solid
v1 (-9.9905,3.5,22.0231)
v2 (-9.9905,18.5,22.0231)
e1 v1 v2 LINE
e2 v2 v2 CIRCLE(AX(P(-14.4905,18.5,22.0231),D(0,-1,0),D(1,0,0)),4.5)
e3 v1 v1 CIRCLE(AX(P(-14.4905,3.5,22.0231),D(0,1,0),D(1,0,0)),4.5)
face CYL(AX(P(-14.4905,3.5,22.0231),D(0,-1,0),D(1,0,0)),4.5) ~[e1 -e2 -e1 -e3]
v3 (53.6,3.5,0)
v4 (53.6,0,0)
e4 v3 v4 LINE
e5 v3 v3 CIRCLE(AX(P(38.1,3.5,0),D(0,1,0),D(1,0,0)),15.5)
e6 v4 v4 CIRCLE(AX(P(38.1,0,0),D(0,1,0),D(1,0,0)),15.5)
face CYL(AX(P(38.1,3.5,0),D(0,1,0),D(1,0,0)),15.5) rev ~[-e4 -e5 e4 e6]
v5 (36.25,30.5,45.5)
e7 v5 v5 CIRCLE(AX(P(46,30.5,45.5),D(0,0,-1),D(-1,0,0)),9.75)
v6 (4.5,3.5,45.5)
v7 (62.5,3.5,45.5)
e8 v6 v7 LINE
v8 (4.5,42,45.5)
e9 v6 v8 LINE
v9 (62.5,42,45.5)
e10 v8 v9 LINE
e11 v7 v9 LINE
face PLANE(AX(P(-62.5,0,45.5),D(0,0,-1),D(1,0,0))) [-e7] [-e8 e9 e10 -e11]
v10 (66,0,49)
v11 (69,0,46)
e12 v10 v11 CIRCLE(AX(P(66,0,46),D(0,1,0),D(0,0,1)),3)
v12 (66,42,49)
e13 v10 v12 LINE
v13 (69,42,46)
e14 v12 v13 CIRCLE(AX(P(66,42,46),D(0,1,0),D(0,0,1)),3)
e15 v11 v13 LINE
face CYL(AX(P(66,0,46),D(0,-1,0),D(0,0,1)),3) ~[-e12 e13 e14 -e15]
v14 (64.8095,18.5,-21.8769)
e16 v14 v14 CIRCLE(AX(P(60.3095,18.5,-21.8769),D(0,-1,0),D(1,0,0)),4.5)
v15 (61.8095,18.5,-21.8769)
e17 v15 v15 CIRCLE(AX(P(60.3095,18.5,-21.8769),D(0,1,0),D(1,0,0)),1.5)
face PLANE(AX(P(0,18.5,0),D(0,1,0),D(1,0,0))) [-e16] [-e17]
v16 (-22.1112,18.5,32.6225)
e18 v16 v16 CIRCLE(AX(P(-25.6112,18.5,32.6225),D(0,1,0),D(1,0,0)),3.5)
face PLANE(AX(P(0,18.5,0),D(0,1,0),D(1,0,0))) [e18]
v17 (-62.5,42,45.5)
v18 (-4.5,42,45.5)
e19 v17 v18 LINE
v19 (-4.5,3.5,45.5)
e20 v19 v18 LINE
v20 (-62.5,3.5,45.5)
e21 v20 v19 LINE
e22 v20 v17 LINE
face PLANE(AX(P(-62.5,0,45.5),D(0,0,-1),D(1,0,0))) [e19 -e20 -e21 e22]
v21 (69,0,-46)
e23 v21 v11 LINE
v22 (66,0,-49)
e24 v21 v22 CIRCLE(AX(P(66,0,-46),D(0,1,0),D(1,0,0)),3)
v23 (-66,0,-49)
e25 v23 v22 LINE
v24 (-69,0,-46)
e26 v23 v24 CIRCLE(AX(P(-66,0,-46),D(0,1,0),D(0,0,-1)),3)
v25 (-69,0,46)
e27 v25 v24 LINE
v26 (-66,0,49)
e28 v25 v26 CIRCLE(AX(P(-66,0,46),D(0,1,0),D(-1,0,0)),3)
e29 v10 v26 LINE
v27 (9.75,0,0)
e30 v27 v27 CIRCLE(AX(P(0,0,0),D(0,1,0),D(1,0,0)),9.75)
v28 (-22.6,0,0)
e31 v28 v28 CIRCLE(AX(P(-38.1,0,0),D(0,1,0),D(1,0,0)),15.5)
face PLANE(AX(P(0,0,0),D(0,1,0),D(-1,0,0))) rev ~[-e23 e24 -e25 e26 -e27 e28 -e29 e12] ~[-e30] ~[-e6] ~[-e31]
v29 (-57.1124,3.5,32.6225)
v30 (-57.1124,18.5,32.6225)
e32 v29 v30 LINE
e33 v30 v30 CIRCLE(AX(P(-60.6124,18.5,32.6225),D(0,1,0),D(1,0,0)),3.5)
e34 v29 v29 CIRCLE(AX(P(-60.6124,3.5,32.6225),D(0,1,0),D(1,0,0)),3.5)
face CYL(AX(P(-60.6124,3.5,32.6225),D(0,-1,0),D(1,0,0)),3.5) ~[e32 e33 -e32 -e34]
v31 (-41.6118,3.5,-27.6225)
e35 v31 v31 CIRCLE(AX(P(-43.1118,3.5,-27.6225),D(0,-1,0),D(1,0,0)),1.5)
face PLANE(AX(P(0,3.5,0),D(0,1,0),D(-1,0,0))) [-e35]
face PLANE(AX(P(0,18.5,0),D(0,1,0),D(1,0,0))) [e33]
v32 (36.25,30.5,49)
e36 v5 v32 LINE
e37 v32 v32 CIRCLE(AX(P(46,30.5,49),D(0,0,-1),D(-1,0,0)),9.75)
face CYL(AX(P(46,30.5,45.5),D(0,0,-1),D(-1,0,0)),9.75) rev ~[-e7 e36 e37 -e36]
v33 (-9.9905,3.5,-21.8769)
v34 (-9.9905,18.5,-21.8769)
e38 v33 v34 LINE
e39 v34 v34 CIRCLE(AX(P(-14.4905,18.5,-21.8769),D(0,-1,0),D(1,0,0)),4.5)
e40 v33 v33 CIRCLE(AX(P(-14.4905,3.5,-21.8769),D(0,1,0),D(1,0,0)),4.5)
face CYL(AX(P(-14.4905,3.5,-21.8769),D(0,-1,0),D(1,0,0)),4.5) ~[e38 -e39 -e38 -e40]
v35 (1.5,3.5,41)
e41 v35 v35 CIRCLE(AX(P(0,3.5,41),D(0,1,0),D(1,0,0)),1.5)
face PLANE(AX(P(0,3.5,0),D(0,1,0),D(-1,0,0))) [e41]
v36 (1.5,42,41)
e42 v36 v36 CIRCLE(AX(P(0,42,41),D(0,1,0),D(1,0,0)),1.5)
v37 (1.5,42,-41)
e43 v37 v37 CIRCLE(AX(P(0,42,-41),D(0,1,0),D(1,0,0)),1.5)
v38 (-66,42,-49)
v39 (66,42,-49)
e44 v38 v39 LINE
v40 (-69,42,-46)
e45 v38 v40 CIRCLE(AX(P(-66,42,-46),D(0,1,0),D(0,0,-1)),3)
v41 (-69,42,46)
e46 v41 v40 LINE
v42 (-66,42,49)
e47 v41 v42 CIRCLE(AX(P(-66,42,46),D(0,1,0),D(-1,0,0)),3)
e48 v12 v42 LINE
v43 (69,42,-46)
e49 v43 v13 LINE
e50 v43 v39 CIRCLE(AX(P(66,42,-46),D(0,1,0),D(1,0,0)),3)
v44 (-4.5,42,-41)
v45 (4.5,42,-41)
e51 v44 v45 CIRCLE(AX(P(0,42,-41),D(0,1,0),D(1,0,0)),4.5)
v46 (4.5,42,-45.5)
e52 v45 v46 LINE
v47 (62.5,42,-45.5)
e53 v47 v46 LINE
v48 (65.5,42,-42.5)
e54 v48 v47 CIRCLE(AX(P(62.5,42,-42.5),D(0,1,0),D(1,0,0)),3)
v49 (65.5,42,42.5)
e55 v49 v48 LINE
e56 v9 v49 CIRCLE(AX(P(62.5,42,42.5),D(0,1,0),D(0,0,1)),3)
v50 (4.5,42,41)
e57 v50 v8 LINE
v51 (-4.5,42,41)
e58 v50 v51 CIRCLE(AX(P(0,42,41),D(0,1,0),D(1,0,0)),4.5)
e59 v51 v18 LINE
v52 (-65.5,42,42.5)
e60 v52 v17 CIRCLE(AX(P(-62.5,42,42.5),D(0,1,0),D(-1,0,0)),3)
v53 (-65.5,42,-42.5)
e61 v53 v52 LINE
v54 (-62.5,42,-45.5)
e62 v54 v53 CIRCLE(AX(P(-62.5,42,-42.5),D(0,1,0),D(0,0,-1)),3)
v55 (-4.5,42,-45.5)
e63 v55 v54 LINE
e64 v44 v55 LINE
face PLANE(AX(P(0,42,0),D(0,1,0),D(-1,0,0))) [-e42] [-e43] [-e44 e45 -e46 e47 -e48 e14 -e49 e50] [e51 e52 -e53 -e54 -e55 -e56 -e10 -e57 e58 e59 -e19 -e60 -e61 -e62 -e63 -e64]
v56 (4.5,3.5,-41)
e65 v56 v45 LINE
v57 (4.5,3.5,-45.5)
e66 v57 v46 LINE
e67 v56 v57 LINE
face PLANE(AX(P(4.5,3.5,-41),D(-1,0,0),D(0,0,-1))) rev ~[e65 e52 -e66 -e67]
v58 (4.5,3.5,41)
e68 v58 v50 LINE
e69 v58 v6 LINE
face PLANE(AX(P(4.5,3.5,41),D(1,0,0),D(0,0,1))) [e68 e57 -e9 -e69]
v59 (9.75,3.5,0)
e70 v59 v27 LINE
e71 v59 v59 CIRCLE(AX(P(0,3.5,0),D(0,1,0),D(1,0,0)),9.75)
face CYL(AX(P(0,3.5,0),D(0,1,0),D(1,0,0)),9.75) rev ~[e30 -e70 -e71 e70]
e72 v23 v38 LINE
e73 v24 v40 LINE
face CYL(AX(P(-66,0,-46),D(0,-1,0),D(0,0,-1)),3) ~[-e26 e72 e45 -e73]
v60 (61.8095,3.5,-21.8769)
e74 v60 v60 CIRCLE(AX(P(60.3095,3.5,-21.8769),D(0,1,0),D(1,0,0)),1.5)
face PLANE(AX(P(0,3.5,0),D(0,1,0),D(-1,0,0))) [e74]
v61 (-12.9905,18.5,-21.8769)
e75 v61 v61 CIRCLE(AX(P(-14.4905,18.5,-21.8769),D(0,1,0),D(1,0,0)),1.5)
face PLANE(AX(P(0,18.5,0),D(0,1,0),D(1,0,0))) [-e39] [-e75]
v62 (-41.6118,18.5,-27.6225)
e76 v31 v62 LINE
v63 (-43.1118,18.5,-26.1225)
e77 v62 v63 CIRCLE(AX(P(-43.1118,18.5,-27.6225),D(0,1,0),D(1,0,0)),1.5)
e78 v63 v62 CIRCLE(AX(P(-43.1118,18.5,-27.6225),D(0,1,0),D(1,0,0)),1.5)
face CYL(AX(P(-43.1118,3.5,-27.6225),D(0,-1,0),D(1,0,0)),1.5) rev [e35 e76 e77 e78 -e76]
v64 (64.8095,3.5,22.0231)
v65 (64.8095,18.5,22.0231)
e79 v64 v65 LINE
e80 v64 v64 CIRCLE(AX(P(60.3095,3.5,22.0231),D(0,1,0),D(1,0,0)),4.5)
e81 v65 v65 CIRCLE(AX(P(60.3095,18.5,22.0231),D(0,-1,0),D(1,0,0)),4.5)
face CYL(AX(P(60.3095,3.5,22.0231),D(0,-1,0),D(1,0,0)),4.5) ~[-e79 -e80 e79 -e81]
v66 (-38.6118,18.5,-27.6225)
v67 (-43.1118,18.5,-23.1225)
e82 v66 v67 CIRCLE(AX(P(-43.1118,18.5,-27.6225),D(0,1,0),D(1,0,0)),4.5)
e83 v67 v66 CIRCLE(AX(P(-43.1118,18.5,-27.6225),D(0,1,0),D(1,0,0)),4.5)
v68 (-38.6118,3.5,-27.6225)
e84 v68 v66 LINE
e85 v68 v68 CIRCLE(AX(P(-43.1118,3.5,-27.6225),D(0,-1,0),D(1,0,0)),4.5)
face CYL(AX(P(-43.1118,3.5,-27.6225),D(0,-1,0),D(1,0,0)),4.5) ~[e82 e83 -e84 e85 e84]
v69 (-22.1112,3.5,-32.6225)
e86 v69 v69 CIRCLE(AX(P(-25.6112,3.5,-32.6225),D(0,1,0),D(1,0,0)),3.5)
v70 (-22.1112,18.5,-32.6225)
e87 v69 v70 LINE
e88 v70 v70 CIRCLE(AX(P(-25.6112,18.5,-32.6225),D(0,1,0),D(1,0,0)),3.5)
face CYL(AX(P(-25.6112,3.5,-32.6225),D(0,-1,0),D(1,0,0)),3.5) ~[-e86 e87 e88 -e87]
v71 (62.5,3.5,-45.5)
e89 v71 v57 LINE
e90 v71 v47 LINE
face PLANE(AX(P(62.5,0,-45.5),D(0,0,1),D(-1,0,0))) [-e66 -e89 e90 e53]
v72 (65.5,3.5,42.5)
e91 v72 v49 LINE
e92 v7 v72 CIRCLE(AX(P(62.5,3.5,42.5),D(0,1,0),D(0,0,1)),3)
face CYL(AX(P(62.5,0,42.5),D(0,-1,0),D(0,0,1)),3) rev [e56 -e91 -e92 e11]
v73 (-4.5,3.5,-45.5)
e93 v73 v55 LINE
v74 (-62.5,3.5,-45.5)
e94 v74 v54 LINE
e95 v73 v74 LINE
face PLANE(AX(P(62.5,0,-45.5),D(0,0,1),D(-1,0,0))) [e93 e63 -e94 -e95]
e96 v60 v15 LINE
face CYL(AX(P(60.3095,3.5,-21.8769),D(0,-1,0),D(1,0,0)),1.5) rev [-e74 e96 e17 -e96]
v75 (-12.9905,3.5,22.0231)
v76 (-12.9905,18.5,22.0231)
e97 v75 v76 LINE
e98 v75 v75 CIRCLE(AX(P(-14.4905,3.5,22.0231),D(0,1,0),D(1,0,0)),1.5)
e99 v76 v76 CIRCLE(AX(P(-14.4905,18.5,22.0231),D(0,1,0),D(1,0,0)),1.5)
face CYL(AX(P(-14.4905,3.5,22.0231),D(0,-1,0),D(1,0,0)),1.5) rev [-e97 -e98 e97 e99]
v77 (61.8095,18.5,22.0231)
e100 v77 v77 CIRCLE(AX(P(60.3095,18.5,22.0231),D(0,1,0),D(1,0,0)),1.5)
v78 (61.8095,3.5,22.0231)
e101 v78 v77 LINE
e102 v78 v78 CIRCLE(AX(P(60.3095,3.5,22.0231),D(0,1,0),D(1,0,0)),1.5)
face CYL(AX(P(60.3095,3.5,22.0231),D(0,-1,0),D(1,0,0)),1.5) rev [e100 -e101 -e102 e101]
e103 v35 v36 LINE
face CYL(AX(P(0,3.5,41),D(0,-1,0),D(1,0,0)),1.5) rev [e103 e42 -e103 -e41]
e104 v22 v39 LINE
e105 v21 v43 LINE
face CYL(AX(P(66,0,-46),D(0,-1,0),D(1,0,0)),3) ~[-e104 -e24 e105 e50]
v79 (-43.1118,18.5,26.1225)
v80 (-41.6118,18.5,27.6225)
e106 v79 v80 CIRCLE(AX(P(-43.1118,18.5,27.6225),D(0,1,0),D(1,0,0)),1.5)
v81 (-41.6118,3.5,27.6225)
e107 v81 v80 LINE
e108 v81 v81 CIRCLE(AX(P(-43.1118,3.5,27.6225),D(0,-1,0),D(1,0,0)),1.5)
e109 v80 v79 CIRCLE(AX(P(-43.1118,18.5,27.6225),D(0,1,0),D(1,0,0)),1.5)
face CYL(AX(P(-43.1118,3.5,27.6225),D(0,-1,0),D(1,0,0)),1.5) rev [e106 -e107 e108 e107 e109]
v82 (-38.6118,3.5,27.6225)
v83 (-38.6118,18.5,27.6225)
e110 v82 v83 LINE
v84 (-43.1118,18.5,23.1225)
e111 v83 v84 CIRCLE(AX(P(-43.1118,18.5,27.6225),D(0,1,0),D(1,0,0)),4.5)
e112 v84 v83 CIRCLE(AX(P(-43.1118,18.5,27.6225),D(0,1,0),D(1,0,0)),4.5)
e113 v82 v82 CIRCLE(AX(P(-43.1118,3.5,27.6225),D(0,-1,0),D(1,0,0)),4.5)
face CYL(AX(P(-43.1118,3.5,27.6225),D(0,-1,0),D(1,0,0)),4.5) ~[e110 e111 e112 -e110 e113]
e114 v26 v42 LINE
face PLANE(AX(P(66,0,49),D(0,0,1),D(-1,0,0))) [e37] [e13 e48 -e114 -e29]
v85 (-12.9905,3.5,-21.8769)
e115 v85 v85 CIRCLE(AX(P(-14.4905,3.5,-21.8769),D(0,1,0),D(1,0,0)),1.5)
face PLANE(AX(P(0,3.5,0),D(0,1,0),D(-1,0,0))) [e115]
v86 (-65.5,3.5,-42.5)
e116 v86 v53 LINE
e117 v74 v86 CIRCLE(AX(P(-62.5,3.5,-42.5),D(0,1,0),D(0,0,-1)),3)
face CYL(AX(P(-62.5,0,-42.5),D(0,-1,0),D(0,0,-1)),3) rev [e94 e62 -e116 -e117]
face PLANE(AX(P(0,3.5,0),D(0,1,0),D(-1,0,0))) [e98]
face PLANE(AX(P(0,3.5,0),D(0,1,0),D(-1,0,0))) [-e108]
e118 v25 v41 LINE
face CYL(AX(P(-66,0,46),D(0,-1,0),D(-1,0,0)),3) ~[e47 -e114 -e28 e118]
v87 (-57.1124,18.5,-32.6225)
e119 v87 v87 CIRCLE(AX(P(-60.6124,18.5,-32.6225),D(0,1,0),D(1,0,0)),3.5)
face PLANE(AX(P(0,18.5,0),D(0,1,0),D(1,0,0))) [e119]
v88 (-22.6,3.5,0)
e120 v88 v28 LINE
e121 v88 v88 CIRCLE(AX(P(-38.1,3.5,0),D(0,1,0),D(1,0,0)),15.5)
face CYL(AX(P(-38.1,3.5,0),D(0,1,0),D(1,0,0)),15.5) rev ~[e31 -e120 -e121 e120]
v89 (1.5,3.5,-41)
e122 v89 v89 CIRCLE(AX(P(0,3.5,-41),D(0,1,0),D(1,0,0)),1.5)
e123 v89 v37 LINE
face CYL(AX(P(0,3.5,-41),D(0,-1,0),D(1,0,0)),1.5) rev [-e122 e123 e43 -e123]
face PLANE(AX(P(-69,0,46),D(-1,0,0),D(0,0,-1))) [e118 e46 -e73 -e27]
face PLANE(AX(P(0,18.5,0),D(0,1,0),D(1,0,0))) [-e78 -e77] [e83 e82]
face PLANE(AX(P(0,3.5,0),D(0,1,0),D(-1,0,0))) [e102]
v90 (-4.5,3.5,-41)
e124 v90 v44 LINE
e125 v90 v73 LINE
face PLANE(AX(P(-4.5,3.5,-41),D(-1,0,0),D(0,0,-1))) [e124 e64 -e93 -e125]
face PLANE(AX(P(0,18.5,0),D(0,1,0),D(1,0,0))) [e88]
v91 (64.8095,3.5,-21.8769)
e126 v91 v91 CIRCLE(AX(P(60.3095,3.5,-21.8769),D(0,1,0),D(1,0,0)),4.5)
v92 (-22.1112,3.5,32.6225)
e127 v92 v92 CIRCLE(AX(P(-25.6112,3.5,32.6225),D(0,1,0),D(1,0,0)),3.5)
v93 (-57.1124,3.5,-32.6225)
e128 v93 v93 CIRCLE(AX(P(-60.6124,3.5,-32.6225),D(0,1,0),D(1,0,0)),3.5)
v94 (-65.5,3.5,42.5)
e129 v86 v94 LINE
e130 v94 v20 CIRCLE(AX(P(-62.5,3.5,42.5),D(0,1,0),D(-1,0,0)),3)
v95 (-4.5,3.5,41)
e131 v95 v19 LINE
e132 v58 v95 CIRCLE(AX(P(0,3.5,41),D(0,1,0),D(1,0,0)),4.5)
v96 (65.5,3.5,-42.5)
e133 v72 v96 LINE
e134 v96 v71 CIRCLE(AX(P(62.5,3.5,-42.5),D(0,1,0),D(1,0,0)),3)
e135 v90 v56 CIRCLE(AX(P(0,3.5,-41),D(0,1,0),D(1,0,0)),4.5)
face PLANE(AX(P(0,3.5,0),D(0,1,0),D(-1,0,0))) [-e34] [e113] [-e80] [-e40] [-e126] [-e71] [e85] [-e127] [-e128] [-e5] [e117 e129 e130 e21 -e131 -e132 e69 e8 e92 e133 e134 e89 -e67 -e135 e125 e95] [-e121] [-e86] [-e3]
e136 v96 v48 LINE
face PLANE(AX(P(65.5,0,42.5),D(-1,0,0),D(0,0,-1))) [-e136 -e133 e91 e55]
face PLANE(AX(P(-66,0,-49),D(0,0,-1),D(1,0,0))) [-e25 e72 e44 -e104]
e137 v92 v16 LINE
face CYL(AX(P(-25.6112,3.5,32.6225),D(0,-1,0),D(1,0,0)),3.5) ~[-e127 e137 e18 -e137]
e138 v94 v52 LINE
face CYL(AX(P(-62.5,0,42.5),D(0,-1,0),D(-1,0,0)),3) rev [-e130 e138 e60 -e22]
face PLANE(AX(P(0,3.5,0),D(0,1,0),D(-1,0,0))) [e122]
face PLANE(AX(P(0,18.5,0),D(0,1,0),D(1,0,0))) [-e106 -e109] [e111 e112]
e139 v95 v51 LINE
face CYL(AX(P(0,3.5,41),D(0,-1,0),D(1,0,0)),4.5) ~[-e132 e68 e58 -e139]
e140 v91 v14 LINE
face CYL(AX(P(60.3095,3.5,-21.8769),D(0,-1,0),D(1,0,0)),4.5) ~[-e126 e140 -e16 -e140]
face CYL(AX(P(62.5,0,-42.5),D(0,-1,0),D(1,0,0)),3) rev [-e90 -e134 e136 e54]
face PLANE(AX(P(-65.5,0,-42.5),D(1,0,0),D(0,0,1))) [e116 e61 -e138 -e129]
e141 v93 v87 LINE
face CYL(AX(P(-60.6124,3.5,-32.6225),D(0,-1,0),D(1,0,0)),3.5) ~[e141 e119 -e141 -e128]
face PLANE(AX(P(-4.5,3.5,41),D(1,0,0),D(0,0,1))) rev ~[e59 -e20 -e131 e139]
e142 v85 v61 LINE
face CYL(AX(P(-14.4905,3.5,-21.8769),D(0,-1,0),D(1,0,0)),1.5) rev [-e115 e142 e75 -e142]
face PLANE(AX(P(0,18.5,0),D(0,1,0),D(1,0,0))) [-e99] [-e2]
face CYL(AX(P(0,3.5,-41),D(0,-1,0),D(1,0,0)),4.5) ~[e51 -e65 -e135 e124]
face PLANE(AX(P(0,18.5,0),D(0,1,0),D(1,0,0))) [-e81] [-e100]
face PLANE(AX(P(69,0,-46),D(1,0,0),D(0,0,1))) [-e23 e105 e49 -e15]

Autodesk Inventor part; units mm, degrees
ref_plane "YZ Plane" through (0, 0, 0) normal (1, 0, 0) x (0, 1, 0)
ref_plane "XZ Plane" through (0, 0, 0) normal (0, 1, 0) x (-1, 0, 0)
sketch "Sketch1" plane through (0, 0, 0) normal (0, 1, 0) x (-1, 0, 0)
  line L0 (-66, 49) -> (66, 49)
  line L1 (69, 46) -> (69, -46)
  line L2 (66, -49) -> (-66, -49)
  line L3 (-69, -46) -> (-69, 46)
  line L4 (-69, 49) -> (69, -49) construction
  line L5 (69, 49) -> (-69, -49) construction
  arc A0 (69, 46) -> (66, 49) centre (66, 46) ccw
  arc A1 (-66, 49) -> (-69, 46) centre (-66, 46) ccw
  arc A2 (-69, -46) -> (-66, -49) centre (-66, -46) ccw
  arc A3 (66, -49) -> (69, -46) centre (66, -46) ccw
  line L6 (65.5, -42.5) -> (65.5, 42.5)
  line L7 (62.5, 45.5) -> (-62.5, 45.5)
  line L8 (-65.5, 42.5) -> (-65.5, -42.5)
  line L9 (-62.5, -45.5) -> (62.5, -45.5)
  arc A4 (65.5, 42.5) -> (62.5, 45.5) centre (62.5, 42.5) ccw
  arc A5 (-62.5, 45.5) -> (-65.5, 42.5) centre (-62.5, 42.5) ccw
  arc A6 (-65.5, -42.5) -> (-62.5, -45.5) centre (-62.5, -42.5) ccw
  arc A7 (62.5, -45.5) -> (65.5, -42.5) centre (62.5, -42.5) ccw
  point P0 (0, 0)
  dimension "d0" = 138
  dimension "d1" = 98
  dimension "d2" = 3
  dimension "d3" = 3.5
  dimension "d4" = 3
extrude "Extrusion1" add sketch "Sketch1" along normal blind 3.5 contours A7 L9 A6 L8 A5 L7 A4 L6
extrude "Extrusion2" add sketch "Sketch1" along normal blind 42
sketch "Sketch2" plane through (0, 3.5, 0) normal (0, 1, 0) x (1, 0, 0)
  circle A0 centre (-14.4905, 21.8769) radius 1.5
  line L0 (-17.4775, 25.0064) -> (63, 25.0064)
  line L1 (-17.4775, -25.0064) -> (-17.4775, 25.0064)
  circle A1 centre (-14.4905, -22.0231) radius 1.5
  line L2 (63, -25.0064) -> (-17.4775, -25.0064)
  circle A2 centre (60.3095, -22.0231) radius 1.5
  line L3 (63, 25.0064) -> (63, -25.0064)
  circle A3 centre (60.3095, 21.8769) radius 1.5
  line L4 (-62.5, -45.5) -> (62.5, -45.5) projected
  circle A4 centre (-14.4905, -22.0231) radius 4.5
  circle A5 centre (-14.4905, 21.8769) radius 4.5
  circle A6 centre (60.3095, 21.8769) radius 4.5
  circle A7 centre (60.3095, -22.0231) radius 4.5
  arc A8 (-65.5, -42.5) -> (-62.5, -45.5) centre (-62.5, -42.5) ccw projected
  line L5 (-62.5, -45.5) -> (62.5, -45.5) projected
  arc A9 (62.5, -45.5) -> (65.5, -42.5) centre (62.5, -42.5) ccw projected
  line L6 (65.5, -42.5) -> (65.5, 42.5) projected
  arc A10 (65.5, 42.5) -> (62.5, 45.5) centre (62.5, 42.5) ccw projected
  line L7 (62.5, 45.5) -> (-62.5, 45.5) projected
  arc A11 (-62.5, 45.5) -> (-65.5, 42.5) centre (-62.5, 42.5) ccw projected
  line L8 (-65.5, 42.5) -> (-65.5, -42.5) projected
  line L9 (-65.5, -42.5) -> (-65.5, 42.5) projected
  line L10 (-65.5, 0) -> (-27.8028, 0)
  point P0 (0, 0)
  point P1 (22.7612, -25.0064)
  point P2 (-17.4775, 0)
  dimension "d9" = 3
  dimension "d10" = 80.4775
  dimension "d11" = 50.0127
  dimension "d14" = 2.6905
  dimension "d15" = 46.8833
  dimension "d16" = 2.6905
  dimension "d17" = 2.9833
  dimension "d18" = 77.4905
  dimension "d19" = 46.8833
  dimension "d20" = 77.4905
  dimension "d21" = 2.9833
  dimension "d23" = 9
  dimension "d24" = 9
  dimension "d25" = 9
  dimension "d26" = 9
  dimension "d59" = 2.5
extrude "Extrusion3" add sketch "Sketch2" along normal blind 15 contours L1 A5 L0 | L0 A5 L1 | A6 L3 L0 | L0 L3 A6 | A4 L2 L1 | L1 L2 A4 | A7 L2 L3 | L3 L2 A7
sketch "Sketch4" plane through (0, 3.5, 0) normal (0, 1, 0) x (1, 0, 0)
  circle A0 centre (-43.1118, 27.6225) radius 1.5
  circle A1 centre (-43.1118, -27.6225) radius 1.5
  circle A2 centre (-25.6112, -27.6225) radius 1.4605
  circle A3 centre (-60.6124, 27.6225) radius 1.4605
  line L0 (-30.3737, -42.9768) -> (-36.7237, -42.9768)
  line L1 (-55.8383, 42.9768) -> (-49.4883, 42.9768)
  line L2 (-23.2236, -13.1064) -> (-23.2236, 13.1572)
  line L3 (-63, 13.1572) -> (-63, -13.1064)
  line L4 (-65.5, 42.5) -> (-65.5, -42.5) projected
  line L5 (-65.5, 0) -> (-9.8345, 0)
  line L6 (-43.1118, -27.6225) -> (-43.1118, 27.6225)
  circle A4 centre (-60.6124, -27.6225) radius 1.4605
  circle A5 centre (-25.6112, 27.6225) radius 1.4605
  circle A6 centre (-60.6124, 32.6225) radius 3.5
  circle A7 centre (-60.6124, -32.6225) radius 3.5
  circle A8 centre (-25.6112, 32.6225) radius 3.5
  circle A9 centre (-25.6112, -32.6225) radius 3.5
  circle A10 centre (-43.1118, -27.6225) radius 4.5
  circle A11 centre (-43.1118, 27.6225) radius 4.5
  point P0 (0, 0)
  point P1 (-43.1997, -2.4081)
  point P2 (-43.1118, 0)
  dimension "d35" = 2.921
  dimension "d36" = 3
  dimension "d37" = 39.7764
  dimension "d38" = 85.9536
  dimension "d41" = 56.134
  dimension "d42" = 29.8704
  dimension "d43" = 2.3876
  dimension "d44" = 15.3543
  dimension "d45" = 7.1501
  dimension "d46" = 13.5001
  dimension "d47" = 19.8882
  dimension "d48" = 70.5993
  dimension "d49" = 19.8882
  dimension "d50" = 15.3543
  dimension "d51" = 19.9761
  dimension "d52" = 40.5687
  dimension "d53" = 26.2647
  dimension "d54" = 32.6147
  dimension "d55" = 37.3888
  dimension "d56" = 70.5993
  dimension "d57" = 56.134
  dimension "d58" = 29.8704
  dimension "d60" = 2.5
  dimension "d61" = 7
  dimension "d62" = 5
  dimension "d63" = 9
  dimension "d64" = 9
extrude "Extrusion5" add sketch "Sketch4" along normal blind 15 contours A11 | A10 | A6 | A7 | A8 | A9
sketch "Sketch5" plane through (0, 3.5, 0) normal (0, 1, 0) x (1, 0, 0)
  circle A0 centre (0, 0) radius 9.75
  circle A1 centre (38.1, 0) radius 15.5
  circle A2 centre (-38.1, 0) radius 15.5
  dimension "d67" = 19.5
  dimension "d68" = 31
  dimension "d69" = 31
  dimension "d70" = 38.1
  dimension "d71" = 38.1
extrude "Extrusion6" cut sketch "Sketch5" against normal through all
ref_plane "Work Plane1" through (0, 0, 46) normal (1, 0, 0) x (0, 0, -1)
sketch "Sketch8" plane through (62.5, 3.5, 45.5) normal (0, 0, -1) x (-1, 0, 0)
  line L0 (-6.5, -3.5) -> (-6.5, 38.5) projected
  line L1 (6.6905, 15) -> (-2.3095, 15) projected
  circle A0 centre (16.5, 27) radius 9.75
  line L2 (0, 0) -> (0, 38.5) projected
  point P0 (62.5, -3.5)
  dimension "d83" = 19.5
  dimension "d84" = 12
  dimension "d87" = 16.5
extrude "Extrusion8" cut sketch "Sketch8" against normal through all
sketch "Sketch9" plane through (0, 3.5, 0) normal (0, 1, 0) x (1, 0, 0)
  circle A0 centre (0, -41) radius 1.5
  circle A1 centre (0, -41) radius 4.5
  line L0 (62.5, -45.5) -> (-62.5, -45.5) projected
  line L1 (-4.5, -41) -> (-4.5, -45.5)
  line L2 (4.5, -41) -> (4.5, -45.5)
  line L3 (-65.5, -42.5) -> (-65.5, 42.5) projected
  line L4 (-65.5, 0) -> (0, 0)
  circle A2 centre (0, 41) radius 1.5
  circle A3 centre (0, 41) radius 4.5
  line L5 (-4.5, 41) -> (-4.5, 45.5)
  line L6 (4.5, 41) -> (4.5, 45.5)
  line L7 (-62.5, 45.5) -> (62.5, 45.5) projected
  dimension "d88" = 3
  dimension "d89" = 9
  dimension "d90" = 4.5
extrude "Extrusion9" add sketch "Sketch9" along normal up to surface (38.5 mm away)
equation "\"d0\" = BoxL"
equation "\"d1\" = BoxW"
equation "\"d2\" = BoxCorner"
equation "\"d3\" = BoxWall"
equation "\"d4\" = BoxCorner"
equation "\"d7\" = BoxH"
equation "\"BoxW\" = 98"
equation "\"BoxL\" = 138"
equation "\"BoxCorner\" = 3"
equation "\"BoxWall\" = 3.5"
equation "\"BoxH\" = 42"
equation "\"PinH\" = 15"
properties part number "Box"
